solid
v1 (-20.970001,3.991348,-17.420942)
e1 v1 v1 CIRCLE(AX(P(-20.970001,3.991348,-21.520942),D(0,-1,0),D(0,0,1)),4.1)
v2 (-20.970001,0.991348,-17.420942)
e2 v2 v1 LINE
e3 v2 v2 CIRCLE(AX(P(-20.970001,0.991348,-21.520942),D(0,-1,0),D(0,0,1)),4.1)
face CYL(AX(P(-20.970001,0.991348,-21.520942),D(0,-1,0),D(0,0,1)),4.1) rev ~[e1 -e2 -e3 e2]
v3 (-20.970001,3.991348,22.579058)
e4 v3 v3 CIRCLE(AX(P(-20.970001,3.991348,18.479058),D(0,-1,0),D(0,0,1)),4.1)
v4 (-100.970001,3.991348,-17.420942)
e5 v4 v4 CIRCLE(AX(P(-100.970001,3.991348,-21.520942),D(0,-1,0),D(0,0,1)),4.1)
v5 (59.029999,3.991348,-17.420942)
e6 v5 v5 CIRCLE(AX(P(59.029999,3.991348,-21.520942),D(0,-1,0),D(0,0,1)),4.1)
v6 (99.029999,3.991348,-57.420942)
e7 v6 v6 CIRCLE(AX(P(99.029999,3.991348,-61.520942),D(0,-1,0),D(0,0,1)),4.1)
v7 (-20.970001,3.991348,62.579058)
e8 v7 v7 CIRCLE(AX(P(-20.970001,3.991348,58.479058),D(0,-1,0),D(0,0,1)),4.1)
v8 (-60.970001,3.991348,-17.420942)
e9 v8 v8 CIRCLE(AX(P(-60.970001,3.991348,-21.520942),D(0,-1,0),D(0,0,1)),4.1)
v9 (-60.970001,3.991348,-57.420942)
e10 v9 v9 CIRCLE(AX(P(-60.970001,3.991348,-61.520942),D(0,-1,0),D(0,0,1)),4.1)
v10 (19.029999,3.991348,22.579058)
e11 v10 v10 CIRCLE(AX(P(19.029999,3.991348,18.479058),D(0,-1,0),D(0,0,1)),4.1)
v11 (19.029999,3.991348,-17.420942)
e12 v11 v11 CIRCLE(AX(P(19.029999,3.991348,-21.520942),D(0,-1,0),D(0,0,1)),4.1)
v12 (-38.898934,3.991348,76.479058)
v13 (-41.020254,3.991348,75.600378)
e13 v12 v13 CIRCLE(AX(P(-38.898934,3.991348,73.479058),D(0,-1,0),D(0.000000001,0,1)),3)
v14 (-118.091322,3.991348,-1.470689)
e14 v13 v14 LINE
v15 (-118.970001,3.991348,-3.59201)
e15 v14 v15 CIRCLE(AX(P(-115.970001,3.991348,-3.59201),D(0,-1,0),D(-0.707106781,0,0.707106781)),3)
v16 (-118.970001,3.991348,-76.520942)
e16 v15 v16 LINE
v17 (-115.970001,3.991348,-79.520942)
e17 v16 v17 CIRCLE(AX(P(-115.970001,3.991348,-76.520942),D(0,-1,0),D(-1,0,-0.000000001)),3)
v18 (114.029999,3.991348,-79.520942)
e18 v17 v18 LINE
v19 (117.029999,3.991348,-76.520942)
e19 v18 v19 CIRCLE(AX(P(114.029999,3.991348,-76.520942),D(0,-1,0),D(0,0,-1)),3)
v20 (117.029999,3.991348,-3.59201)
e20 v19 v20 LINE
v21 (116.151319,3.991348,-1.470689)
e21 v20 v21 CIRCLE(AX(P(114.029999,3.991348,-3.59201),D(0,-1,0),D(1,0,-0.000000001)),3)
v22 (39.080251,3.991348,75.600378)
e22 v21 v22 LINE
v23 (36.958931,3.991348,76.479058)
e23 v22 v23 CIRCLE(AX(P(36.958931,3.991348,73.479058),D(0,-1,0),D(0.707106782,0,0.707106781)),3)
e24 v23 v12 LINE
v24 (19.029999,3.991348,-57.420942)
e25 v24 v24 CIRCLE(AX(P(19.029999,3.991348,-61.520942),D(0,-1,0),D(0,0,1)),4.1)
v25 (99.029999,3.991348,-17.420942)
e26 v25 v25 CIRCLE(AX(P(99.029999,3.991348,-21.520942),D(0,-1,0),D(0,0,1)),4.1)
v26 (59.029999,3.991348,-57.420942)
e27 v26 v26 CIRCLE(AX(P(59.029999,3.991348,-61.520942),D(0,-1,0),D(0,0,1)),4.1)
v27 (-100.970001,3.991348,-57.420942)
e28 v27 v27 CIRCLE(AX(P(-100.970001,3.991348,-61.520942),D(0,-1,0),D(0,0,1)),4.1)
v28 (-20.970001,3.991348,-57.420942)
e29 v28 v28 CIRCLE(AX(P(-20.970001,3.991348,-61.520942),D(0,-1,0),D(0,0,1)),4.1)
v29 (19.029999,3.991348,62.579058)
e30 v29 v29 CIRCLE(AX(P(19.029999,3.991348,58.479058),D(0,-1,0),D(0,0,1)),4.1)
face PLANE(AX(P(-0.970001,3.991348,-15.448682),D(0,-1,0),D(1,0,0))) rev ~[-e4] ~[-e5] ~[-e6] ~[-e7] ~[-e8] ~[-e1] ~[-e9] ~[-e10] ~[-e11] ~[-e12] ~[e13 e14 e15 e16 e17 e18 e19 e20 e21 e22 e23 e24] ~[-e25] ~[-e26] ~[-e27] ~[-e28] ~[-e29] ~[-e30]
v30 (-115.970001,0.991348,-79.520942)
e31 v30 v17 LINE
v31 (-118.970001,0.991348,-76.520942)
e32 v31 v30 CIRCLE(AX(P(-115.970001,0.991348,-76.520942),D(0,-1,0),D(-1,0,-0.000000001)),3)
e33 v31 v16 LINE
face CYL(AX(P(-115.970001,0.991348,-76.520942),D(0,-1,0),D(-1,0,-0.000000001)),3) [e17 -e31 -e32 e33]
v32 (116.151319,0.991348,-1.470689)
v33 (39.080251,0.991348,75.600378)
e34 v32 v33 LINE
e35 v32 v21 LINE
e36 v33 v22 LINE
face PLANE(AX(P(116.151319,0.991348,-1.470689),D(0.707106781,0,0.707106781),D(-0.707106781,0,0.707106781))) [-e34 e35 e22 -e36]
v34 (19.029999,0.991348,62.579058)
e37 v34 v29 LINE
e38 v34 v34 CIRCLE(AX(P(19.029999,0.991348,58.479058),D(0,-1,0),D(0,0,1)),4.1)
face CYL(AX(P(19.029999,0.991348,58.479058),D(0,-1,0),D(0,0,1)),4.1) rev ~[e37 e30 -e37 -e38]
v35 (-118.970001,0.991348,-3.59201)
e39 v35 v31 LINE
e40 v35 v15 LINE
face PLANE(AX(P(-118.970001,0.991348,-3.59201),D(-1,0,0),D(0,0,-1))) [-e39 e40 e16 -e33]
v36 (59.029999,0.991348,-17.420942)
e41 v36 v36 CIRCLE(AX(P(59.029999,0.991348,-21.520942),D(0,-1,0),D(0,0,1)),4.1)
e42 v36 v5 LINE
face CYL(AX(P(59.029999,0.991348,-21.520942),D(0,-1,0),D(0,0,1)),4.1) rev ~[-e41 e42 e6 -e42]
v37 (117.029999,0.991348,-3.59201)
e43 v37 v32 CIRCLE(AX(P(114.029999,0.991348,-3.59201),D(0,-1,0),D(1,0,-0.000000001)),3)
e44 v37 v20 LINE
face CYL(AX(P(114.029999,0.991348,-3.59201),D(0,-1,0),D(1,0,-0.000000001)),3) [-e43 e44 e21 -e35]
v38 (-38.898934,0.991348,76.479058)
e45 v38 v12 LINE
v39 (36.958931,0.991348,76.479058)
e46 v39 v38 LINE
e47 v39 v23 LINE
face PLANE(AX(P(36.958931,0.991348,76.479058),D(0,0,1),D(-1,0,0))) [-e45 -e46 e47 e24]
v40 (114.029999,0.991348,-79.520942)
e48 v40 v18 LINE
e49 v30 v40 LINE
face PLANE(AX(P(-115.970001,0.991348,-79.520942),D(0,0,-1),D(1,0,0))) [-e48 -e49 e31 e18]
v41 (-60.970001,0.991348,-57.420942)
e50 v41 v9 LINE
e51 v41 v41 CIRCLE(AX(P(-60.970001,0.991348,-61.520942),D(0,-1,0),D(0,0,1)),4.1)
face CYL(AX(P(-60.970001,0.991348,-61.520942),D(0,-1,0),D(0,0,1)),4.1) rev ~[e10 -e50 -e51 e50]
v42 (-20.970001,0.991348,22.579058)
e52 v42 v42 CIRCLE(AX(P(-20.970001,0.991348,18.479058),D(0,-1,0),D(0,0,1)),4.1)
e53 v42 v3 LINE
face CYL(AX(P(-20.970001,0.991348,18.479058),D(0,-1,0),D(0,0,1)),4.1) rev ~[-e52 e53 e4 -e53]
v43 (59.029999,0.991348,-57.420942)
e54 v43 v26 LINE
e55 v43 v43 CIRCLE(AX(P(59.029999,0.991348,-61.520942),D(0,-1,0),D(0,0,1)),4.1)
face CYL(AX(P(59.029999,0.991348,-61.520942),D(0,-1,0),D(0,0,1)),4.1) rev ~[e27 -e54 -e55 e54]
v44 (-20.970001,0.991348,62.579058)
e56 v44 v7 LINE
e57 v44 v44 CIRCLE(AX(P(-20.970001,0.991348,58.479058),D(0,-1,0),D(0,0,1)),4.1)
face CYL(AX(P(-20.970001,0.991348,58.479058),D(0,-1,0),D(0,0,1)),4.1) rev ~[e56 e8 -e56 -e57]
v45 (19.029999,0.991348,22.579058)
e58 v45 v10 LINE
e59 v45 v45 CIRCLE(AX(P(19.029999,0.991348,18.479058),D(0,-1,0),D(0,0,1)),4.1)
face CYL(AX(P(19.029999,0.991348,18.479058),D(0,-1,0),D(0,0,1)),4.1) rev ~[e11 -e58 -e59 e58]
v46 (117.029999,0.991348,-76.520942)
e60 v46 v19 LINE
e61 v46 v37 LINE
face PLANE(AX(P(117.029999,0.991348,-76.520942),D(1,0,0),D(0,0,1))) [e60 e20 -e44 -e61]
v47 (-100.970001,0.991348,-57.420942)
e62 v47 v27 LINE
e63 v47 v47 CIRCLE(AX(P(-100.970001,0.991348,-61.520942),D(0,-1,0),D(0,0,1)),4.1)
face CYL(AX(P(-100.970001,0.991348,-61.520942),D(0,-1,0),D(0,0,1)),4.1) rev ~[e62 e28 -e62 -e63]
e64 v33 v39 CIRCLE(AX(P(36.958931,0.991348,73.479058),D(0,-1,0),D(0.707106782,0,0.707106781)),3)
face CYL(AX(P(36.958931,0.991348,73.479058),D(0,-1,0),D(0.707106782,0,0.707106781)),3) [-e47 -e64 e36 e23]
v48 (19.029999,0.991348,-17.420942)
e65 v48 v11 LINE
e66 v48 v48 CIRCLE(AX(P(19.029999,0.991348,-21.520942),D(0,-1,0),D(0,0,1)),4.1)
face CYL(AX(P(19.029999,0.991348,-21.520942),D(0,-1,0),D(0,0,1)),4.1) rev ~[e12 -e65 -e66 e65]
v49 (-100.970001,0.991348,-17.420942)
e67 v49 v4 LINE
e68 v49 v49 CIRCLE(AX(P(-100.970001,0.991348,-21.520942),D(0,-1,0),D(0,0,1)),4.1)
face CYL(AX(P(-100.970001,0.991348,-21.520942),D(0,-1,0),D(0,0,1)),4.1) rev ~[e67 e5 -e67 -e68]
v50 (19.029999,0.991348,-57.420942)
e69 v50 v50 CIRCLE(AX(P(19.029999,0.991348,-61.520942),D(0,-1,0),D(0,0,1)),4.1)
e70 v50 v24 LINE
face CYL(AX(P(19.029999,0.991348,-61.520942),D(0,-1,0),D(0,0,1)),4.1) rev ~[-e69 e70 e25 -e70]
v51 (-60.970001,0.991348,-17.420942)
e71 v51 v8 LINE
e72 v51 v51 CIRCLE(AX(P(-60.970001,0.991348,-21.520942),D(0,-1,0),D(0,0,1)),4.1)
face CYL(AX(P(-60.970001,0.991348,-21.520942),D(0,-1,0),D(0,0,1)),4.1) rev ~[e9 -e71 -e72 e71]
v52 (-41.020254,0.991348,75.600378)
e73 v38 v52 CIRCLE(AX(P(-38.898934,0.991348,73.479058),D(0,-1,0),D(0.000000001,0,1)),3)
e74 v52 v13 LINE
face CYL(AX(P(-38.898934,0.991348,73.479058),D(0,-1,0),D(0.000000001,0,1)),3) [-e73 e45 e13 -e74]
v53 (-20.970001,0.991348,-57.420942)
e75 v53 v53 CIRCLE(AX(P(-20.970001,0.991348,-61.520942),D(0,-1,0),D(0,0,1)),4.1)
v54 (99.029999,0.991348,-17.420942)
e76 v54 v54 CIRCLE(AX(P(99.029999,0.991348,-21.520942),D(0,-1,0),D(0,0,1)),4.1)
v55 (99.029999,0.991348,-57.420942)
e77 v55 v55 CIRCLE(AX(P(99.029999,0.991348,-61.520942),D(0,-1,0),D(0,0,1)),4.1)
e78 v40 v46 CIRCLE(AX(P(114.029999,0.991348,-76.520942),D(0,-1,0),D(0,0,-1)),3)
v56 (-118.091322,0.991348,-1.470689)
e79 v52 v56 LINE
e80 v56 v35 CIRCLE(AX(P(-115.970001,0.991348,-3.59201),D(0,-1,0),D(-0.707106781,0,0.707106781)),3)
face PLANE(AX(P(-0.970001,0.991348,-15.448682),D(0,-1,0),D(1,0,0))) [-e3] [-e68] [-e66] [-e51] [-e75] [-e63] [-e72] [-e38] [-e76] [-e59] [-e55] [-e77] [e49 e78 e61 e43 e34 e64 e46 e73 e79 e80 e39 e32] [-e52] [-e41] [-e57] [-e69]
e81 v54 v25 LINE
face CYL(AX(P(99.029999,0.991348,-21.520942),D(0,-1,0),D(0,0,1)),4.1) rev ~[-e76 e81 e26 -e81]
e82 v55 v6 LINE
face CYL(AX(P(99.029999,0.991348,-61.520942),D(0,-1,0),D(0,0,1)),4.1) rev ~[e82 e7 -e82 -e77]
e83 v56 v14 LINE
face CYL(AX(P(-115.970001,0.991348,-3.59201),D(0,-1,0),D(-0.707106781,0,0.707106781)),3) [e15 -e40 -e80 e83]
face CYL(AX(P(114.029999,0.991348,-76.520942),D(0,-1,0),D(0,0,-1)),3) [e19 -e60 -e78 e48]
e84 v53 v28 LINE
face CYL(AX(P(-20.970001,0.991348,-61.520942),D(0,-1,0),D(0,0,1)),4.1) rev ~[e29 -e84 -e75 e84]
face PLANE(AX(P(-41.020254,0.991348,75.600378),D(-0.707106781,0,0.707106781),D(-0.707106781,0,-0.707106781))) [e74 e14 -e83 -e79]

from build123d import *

# Parameters (mm, degrees)
SKETCH_1_R      = 4.1
EXTRUDE_1_DEPTH = 3


with BuildPart() as part:
    # Эскиз1 → Бобышка-Вытянуть1 (new body)
    with BuildSketch(Plane.XZ.offset(-0.99134831)):
        with BuildLine():
            Line((36.958930758, 76.479058001), (-38.898933619, 76.479058001))
            ThreePointArc((-38.898933619, 76.479058001), (-40.046983916, 76.250696599), (-41.020253962, 75.600378345))
            Line((-41.020253962, 75.600378345), (-118.091321774, -1.470689467))
            ThreePointArc((-118.091321774, -1.470689467), (-118.741640028, -2.443959513), (-118.970001431, -3.592009811))
            Line((-118.970001431, -3.592009811), (-118.970001431, -76.520941999))
            ThreePointArc((-118.970001431, -76.520941999), (-118.091321774, -78.642262342), (-115.970001431, -79.520941999))
            Line((-115.970001431, -79.520941999), (114.029998569, -79.520941999))
            ThreePointArc((114.029998569, -79.520941999), (116.151318913, -78.642262342), (117.029998569, -76.520941999))
            Line((117.029998569, -76.520941999), (117.029998569, -3.592009811))
            ThreePointArc((117.029998569, -3.592009811), (116.801637167, -2.443959513), (116.151318913, -1.470689467))
            Line((116.151318913, -1.470689467), (39.080251101, 75.600378345))
            ThreePointArc((39.080251101, 75.600378345), (38.106981055, 76.250696599), (36.958930758, 76.479058001))
        make_face()
        with Locations(Location((99.029998569, -21.520941999, 0), (0, 0, 90))):  # turned: the seam where the file's is
            Circle(SKETCH_1_R, mode=Mode.SUBTRACT)
        with Locations(Location((59.029998569, -21.520941999, 0), (0, 0, 90))):  # turned: the seam where the file's is
            Circle(SKETCH_1_R, mode=Mode.SUBTRACT)
        with Locations(Location((19.029998569, 58.479058001, 0), (0, 0, 90))):  # turned: the seam where the file's is
            Circle(SKETCH_1_R, mode=Mode.SUBTRACT)
        with Locations(Location((19.029998569, 18.479058001, 0), (0, 0, 90))):  # turned: the seam where the file's is
            Circle(SKETCH_1_R, mode=Mode.SUBTRACT)
        with Locations(Location((19.029998569, -21.520941999, 0), (0, 0, 90))):  # turned: the seam where the file's is
            Circle(SKETCH_1_R, mode=Mode.SUBTRACT)
        with Locations(Location((99.029998569, -61.520941999, 0), (0, 0, 90))):  # turned: the seam where the file's is
            Circle(SKETCH_1_R, mode=Mode.SUBTRACT)
        with Locations(Location((59.029998569, -61.520941999, 0), (0, 0, 90))):  # turned: the seam where the file's is
            Circle(SKETCH_1_R, mode=Mode.SUBTRACT)
        with Locations(Location((19.029998569, -61.520941999, 0), (0, 0, 90))):  # turned: the seam where the file's is
            Circle(SKETCH_1_R, mode=Mode.SUBTRACT)
        with Locations(Location((-100.970001431, -21.520941999, 0), (0, 0, 90))):  # turned: the seam where the file's is
            Circle(SKETCH_1_R, mode=Mode.SUBTRACT)
        with Locations(Location((-60.970001431, -21.520941999, 0), (0, 0, 90))):  # turned: the seam where the file's is
            Circle(SKETCH_1_R, mode=Mode.SUBTRACT)
        with Locations(Location((-20.970001431, 58.479058001, 0), (0, 0, 90))):  # turned: the seam where the file's is
            Circle(SKETCH_1_R, mode=Mode.SUBTRACT)
        with Locations(Location((-20.970001431, 18.479058001, 0), (0, 0, 90))):  # turned: the seam where the file's is
            Circle(SKETCH_1_R, mode=Mode.SUBTRACT)
        with Locations(Location((-20.970001431, -21.520941999, 0), (0, 0, 90))):  # turned: the seam where the file's is
            Circle(SKETCH_1_R, mode=Mode.SUBTRACT)
        with Locations(Location((-100.970001431, -61.520941999, 0), (0, 0, 90))):  # turned: the seam where the file's is
            Circle(SKETCH_1_R, mode=Mode.SUBTRACT)
        with Locations(Location((-60.970001431, -61.520941999, 0), (0, 0, 90))):  # turned: the seam where the file's is
            Circle(SKETCH_1_R, mode=Mode.SUBTRACT)
        with Locations(Location((-20.970001431, -61.520941999, 0), (0, 0, 90))):  # turned: the seam where the file's is
            Circle(SKETCH_1_R, mode=Mode.SUBTRACT)
    extrude(amount=-EXTRUDE_1_DEPTH)


solid = part.part
